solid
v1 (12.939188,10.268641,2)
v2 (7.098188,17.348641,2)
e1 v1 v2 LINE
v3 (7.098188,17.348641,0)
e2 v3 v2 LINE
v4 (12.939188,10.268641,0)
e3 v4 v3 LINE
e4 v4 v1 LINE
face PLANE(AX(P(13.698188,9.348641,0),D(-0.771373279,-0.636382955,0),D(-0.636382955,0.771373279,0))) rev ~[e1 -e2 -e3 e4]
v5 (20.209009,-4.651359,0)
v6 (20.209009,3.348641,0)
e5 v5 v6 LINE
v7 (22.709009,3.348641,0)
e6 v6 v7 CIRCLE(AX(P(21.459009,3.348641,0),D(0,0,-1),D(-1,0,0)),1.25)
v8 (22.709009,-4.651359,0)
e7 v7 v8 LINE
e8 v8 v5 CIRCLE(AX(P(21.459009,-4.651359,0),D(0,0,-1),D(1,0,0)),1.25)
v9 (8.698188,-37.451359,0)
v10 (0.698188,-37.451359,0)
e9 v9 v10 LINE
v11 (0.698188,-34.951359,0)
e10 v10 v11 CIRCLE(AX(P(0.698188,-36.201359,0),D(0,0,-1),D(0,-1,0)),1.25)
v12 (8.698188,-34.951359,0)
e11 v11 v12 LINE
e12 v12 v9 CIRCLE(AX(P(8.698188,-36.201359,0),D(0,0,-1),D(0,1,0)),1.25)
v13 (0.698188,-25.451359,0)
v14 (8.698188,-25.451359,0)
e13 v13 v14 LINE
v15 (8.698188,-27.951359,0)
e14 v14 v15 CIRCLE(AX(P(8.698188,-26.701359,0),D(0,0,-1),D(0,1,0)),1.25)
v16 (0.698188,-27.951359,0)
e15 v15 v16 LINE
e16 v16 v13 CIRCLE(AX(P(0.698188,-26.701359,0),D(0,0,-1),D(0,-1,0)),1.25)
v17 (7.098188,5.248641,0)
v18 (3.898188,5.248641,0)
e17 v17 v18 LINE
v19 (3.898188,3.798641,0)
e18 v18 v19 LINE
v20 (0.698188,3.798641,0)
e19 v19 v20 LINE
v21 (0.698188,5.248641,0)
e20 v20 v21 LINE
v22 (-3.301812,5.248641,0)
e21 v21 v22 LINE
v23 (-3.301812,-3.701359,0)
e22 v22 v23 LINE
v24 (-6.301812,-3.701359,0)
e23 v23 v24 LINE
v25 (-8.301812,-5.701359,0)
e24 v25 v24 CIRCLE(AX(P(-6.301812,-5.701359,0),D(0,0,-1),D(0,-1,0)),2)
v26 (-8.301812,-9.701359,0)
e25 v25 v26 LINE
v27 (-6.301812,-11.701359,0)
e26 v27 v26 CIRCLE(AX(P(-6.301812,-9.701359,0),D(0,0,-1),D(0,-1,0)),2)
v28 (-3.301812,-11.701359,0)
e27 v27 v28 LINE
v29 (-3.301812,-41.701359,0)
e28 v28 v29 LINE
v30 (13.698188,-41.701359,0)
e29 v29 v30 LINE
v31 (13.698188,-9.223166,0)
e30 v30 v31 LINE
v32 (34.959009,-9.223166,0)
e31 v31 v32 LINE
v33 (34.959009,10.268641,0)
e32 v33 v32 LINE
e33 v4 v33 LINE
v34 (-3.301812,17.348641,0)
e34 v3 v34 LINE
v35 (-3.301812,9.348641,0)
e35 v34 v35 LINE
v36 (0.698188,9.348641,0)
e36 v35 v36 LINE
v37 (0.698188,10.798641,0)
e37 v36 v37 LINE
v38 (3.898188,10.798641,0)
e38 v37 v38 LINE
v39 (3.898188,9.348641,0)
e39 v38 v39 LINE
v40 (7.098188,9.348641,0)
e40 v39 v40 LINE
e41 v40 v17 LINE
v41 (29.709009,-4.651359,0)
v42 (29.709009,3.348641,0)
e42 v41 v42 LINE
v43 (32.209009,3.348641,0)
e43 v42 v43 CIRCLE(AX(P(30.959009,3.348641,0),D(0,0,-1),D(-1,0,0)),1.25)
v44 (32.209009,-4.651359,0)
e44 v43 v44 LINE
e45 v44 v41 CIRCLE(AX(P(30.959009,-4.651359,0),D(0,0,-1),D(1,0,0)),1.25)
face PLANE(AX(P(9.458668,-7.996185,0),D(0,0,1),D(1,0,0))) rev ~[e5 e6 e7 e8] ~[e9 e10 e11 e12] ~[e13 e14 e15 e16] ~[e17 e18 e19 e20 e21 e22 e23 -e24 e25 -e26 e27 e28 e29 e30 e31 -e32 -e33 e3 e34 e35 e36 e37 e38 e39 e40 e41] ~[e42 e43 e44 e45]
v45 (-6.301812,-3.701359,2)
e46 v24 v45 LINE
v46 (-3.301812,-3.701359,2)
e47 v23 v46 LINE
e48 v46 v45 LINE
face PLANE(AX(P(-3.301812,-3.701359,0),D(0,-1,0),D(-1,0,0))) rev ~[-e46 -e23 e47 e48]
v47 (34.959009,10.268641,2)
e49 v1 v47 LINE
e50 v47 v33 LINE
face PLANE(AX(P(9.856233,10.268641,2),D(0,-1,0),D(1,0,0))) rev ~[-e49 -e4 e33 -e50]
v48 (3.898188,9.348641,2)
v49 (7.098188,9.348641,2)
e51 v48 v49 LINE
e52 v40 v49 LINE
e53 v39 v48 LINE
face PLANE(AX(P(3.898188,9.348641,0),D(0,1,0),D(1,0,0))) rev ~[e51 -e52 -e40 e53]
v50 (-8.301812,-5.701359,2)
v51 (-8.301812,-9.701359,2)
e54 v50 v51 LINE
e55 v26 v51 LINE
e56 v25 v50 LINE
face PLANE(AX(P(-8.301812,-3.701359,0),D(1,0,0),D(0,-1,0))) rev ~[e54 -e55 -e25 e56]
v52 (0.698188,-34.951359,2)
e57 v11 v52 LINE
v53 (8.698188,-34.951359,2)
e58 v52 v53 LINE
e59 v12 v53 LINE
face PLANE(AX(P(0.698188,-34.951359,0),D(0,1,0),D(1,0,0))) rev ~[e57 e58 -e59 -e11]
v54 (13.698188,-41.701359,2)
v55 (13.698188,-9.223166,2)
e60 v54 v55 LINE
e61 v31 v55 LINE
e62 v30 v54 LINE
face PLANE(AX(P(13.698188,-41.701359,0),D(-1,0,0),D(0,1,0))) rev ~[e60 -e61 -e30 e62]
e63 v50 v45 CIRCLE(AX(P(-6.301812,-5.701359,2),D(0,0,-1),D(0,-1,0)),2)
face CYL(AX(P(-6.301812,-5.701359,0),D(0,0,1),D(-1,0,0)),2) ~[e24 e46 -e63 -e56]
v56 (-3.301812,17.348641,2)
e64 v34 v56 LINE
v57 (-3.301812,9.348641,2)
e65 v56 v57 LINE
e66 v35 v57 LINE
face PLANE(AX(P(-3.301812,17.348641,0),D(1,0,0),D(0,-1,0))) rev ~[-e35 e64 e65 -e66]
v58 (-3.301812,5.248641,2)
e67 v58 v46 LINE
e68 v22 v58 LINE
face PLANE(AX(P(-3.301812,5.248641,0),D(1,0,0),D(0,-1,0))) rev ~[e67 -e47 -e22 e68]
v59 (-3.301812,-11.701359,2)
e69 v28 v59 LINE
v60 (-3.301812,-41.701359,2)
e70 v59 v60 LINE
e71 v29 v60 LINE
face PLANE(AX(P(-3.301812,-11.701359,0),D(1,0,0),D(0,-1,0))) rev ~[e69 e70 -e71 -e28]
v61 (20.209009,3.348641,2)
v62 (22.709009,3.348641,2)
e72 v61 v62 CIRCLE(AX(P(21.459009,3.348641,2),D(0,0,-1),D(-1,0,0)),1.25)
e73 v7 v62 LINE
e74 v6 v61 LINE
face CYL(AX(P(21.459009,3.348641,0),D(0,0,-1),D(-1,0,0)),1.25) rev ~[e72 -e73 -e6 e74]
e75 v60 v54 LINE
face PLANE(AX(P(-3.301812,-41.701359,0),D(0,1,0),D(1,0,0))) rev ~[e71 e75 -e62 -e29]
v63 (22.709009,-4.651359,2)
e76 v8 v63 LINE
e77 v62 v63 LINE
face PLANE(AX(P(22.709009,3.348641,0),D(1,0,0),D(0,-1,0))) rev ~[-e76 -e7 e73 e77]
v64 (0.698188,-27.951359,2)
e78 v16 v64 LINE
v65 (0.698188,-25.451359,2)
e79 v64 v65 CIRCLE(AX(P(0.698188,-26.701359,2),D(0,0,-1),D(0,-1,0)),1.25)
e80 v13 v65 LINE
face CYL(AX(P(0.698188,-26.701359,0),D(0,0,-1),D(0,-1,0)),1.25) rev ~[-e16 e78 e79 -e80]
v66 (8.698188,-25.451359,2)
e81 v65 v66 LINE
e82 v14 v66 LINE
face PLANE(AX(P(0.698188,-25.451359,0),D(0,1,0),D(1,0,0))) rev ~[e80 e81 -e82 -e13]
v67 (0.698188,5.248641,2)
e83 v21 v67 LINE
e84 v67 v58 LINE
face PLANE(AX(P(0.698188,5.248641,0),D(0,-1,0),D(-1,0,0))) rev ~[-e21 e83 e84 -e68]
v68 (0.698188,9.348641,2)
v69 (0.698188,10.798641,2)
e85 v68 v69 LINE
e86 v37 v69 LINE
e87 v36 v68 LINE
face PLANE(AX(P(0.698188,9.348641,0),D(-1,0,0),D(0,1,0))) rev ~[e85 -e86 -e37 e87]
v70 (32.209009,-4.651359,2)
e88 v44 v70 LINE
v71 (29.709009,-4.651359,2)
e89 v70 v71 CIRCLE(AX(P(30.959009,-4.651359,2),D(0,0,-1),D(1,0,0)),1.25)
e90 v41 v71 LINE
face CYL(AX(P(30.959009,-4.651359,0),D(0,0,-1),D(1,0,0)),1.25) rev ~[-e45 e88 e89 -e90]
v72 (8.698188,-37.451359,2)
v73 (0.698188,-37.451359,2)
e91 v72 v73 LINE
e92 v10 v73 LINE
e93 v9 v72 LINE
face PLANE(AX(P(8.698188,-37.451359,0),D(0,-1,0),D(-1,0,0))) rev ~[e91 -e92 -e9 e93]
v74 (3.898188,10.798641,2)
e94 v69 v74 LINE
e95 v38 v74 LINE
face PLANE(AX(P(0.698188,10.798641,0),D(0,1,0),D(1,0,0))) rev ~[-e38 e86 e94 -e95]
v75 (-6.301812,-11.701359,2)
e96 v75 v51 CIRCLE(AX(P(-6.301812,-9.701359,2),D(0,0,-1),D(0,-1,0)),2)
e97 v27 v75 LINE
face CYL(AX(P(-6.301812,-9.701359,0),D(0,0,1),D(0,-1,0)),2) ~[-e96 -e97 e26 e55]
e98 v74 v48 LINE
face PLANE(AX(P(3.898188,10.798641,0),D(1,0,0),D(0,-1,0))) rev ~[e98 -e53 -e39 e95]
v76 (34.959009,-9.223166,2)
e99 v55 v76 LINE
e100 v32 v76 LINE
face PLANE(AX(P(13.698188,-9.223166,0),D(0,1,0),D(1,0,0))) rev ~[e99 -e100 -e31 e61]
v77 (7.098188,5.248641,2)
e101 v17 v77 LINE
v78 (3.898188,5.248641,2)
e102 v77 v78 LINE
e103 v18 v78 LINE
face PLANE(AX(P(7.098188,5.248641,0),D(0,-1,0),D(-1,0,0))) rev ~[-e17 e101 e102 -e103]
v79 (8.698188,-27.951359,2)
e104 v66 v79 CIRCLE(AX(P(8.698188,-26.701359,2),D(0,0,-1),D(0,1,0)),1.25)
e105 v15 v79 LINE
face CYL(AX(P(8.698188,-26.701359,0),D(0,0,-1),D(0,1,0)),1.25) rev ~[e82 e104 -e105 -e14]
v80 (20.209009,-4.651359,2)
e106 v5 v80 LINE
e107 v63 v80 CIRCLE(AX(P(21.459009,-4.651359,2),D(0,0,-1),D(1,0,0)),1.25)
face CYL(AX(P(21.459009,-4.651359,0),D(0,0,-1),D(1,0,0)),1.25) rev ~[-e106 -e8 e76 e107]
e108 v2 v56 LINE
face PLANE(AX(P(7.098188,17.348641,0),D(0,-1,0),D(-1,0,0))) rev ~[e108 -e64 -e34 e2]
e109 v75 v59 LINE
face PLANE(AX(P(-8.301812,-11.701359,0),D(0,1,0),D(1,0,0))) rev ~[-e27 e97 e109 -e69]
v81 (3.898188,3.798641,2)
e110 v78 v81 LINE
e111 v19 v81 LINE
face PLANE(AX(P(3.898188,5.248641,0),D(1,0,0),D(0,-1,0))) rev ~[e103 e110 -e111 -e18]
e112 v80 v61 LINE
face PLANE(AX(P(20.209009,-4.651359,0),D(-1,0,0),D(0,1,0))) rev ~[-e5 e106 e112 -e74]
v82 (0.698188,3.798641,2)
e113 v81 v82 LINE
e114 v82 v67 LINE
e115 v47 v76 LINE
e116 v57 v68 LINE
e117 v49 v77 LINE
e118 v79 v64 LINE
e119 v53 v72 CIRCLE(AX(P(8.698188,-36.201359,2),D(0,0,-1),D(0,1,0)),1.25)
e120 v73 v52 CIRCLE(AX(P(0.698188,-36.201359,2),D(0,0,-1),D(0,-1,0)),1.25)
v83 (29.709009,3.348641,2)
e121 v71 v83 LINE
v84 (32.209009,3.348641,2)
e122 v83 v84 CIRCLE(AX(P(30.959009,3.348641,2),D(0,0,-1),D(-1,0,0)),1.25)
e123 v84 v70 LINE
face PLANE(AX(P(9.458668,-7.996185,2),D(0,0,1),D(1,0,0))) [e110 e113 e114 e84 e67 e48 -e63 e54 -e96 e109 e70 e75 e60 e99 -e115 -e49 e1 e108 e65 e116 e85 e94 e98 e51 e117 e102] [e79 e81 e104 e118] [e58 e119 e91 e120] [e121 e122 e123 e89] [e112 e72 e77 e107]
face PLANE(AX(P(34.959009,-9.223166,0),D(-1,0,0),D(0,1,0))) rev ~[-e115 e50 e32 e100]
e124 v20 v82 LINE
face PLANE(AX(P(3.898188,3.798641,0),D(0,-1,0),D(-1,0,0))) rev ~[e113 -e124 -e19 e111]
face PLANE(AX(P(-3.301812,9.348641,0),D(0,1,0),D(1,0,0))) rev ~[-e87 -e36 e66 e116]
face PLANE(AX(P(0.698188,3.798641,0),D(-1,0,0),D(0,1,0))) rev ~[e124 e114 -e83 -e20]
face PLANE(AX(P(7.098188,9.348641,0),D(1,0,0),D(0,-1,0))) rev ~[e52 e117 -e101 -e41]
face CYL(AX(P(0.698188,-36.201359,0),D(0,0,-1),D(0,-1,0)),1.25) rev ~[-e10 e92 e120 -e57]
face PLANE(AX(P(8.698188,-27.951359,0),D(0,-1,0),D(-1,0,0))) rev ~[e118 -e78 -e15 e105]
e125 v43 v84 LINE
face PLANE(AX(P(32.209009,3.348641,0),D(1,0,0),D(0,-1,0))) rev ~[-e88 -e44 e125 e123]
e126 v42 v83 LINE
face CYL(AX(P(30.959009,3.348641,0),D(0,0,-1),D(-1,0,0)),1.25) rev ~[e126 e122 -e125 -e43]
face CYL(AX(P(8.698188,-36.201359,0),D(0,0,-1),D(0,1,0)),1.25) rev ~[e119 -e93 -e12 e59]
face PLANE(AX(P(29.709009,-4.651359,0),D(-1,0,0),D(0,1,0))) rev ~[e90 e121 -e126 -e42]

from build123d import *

# Parameters (mm, degrees)
EXTRUDE_1_DEPTH = 2
FILLET_1_R      = 2
SKETCH_5_W      = 25.102776666
SKETCH_5_H      = 0.92
EXTRUDE_2_DEPTH = 2


with BuildPart() as part:
    # 草图1 → 凸台-拉伸1 (new body)
    with BuildSketch(Plane.XY):
        Polygon((-8.301811847, -11.701358885), (-3.301811847, -11.701358885), (-3.301811847, -41.701358885), (13.698188153, -41.701358885), (13.698188153, -9.223166137), (34.95900929, -9.223166137), (34.95900929, 9.348641115), (13.698188153, 9.348641115), (7.098188153, 17.348641115), (-3.301811847, 17.348641115), (-3.301811847, 9.348641115), (0.698188153, 9.348641115), (0.698188153, 10.798641115), (3.898188153, 10.798641115), (3.898188153, 9.348641115), (7.098188153, 9.348641115), (7.098188153, 5.248641115), (3.898188153, 5.248641115), (3.898188153, 3.798641115), (0.698188153, 3.798641115), (0.698188153, 5.248641115), (-3.301811847, 5.248641115), (-3.301811847, -3.701358885), (-8.301811847, -3.701358885), align=None)
        with BuildLine():
            Line((0.698188153, -25.451358885), (8.698188153, -25.451358885))
            ThreePointArc((8.698188153, -25.451358885), (9.948188153, -26.701358885), (8.698188153, -27.951358885))
            Line((8.698188153, -27.951358885), (0.698188153, -27.951358885))
            ThreePointArc((0.698188153, -27.951358885), (-0.551811847, -26.701358885), (0.698188153, -25.451358885))
        make_face(mode=Mode.SUBTRACT)
        with BuildLine():
            Line((8.698188153, -37.451358885), (0.698188153, -37.451358885))
            ThreePointArc((0.698188153, -37.451358885), (-0.551811847, -36.201358885), (0.698188153, -34.951358885))
            Line((0.698188153, -34.951358885), (8.698188153, -34.951358885))
            ThreePointArc((8.698188153, -34.951358885), (9.948188153, -36.201358885), (8.698188153, -37.451358885))
        make_face(mode=Mode.SUBTRACT)
        with BuildLine():
            Line((32.20900929, 3.348641115), (32.20900929, -4.651358885))
            ThreePointArc((32.20900929, -4.651358885), (30.95900929, -5.901358885), (29.70900929, -4.651358885))
            Line((29.70900929, -4.651358885), (29.70900929, 3.348641115))
            ThreePointArc((29.70900929, 3.348641115), (30.95900929, 4.598641115), (32.20900929, 3.348641115))
        make_face(mode=Mode.SUBTRACT)
        with BuildLine():
            Line((22.70900929, 3.348641115), (22.70900929, -4.651358885))
            ThreePointArc((22.70900929, -4.651358885), (21.45900929, -5.901358885), (20.20900929, -4.651358885))
            Line((20.20900929, -4.651358885), (20.20900929, 3.348641115))
            ThreePointArc((20.20900929, 3.348641115), (21.45900929, 4.598641115), (22.70900929, 3.348641115))
        make_face(mode=Mode.SUBTRACT)
    extrude(amount=EXTRUDE_1_DEPTH)

    # 圆角1
    fillet_1_edges = [part.edges().sort_by_distance(p)[0] for p in [
        (-8.301811847, -3.701358885, 1),
        (-8.301811847, -11.701358885, 1),
    ]]
    fillet(fillet_1_edges, radius=FILLET_1_R)

    # 草图5 → 凸台-拉伸2 (add)
    with BuildSketch(Plane.XY.offset(2)):
        with Locations((22.407620957, 9.808641115)):
            Rectangle(SKETCH_5_W, SKETCH_5_H)
    extrude(amount=-EXTRUDE_2_DEPTH)


solid = part.part
